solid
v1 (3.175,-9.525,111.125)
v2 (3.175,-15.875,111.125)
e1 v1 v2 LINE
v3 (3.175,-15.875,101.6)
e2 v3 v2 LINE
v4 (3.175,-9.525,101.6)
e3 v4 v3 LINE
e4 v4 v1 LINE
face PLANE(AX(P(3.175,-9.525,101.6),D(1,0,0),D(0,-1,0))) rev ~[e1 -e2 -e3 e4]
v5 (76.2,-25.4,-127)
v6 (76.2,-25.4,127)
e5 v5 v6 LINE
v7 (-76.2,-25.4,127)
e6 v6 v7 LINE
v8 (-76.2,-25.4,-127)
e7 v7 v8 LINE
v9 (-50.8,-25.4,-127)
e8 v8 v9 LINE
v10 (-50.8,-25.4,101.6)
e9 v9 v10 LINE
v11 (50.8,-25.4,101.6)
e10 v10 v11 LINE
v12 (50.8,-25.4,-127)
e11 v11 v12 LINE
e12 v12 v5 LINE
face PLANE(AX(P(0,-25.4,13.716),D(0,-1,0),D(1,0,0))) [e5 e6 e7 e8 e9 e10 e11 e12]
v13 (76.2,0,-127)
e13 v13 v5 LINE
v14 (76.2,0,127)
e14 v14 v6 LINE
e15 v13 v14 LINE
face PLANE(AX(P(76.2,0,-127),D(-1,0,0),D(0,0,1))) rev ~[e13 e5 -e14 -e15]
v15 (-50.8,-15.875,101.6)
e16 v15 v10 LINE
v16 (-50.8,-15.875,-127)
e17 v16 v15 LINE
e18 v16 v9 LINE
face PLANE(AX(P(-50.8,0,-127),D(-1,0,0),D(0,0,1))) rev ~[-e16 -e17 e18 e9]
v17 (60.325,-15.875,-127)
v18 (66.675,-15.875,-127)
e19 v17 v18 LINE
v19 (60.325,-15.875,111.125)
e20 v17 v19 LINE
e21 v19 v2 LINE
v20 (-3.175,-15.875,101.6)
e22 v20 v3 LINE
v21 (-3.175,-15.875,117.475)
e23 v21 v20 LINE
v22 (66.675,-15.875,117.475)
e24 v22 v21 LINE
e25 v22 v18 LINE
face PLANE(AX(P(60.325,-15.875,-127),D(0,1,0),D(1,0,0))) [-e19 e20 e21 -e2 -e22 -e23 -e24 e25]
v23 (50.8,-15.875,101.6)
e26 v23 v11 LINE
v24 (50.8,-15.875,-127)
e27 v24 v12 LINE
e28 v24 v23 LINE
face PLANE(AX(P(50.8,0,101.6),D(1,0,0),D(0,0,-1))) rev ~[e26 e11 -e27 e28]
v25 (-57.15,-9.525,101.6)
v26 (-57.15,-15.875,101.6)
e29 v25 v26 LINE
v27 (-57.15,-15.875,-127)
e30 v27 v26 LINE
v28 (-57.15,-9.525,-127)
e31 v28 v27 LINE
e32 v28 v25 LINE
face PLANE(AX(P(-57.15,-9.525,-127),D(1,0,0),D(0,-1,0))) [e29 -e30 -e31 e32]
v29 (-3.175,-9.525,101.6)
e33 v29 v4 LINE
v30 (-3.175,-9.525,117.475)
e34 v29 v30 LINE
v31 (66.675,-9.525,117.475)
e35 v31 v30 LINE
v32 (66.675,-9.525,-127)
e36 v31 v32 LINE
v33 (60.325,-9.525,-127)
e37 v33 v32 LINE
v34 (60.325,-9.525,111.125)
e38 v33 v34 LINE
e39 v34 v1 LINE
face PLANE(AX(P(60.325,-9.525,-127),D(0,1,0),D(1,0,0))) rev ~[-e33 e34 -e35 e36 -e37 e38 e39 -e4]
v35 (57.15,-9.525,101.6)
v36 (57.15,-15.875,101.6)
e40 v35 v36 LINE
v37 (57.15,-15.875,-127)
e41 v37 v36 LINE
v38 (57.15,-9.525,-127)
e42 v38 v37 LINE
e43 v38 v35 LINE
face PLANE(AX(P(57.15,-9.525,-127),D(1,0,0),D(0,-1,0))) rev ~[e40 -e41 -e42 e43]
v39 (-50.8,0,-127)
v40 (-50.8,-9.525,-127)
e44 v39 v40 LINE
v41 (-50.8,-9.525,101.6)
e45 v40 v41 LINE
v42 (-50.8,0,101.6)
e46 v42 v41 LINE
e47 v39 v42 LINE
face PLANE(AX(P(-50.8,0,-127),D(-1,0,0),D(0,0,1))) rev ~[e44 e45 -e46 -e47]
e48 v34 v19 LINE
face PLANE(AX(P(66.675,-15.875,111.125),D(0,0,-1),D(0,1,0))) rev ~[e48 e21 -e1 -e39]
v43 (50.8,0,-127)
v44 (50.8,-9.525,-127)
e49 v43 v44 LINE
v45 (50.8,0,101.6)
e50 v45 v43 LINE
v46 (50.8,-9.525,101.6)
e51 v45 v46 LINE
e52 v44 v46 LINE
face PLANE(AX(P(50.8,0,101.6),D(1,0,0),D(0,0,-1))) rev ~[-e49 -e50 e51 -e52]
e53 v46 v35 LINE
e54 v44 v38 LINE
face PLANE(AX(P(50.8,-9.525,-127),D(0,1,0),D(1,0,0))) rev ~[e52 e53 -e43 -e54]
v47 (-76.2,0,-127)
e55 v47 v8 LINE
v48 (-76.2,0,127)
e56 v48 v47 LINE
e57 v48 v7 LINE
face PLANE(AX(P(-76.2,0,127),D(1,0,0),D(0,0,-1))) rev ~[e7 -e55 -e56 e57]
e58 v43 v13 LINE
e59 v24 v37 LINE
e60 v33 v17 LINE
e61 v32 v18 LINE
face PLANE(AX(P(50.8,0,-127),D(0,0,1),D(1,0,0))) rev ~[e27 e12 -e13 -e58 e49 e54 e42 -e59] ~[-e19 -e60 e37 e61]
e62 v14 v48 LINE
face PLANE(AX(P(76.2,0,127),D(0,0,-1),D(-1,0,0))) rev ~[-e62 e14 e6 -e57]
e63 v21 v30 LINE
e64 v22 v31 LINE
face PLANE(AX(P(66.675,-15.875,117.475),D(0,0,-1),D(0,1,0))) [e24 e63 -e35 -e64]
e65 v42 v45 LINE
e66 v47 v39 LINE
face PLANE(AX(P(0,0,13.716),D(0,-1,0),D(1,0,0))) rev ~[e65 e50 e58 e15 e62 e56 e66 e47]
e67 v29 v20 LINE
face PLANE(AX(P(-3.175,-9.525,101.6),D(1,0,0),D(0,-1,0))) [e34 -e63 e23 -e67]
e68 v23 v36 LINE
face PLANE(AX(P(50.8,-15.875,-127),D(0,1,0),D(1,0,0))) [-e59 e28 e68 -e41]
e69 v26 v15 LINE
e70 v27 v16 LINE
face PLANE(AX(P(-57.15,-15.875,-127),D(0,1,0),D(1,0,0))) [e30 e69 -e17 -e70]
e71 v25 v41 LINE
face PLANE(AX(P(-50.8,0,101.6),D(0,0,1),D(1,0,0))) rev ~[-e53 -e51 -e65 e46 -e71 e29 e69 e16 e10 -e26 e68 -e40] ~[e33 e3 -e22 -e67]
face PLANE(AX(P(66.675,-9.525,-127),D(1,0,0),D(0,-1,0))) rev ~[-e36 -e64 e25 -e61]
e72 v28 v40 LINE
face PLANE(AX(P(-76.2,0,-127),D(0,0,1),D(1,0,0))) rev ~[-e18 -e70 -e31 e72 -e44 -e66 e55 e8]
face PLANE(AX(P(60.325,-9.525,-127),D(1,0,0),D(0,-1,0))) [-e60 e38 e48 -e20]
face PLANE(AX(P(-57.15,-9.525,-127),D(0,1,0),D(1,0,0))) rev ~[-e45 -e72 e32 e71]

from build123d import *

# Parameters (mm, degrees)
F1_DEPTH  = 25.4
F3_W      = 6.35
F3_H      = 6.35
F4_W      = 6.35
F4_H      = 6.35
F5_DEPTH  = 228.6
F2_W      = 6.35
F2_H      = 6.35
F6_DEPTH  = 9.525
F8_START  = -9.525
F7_W      = 6.35
F7_H      = 6.35
F8_DEPTH  = 69.85
F9_W      = 6.35
F9_H      = 6.35
F10_DEPTH = 238.125


with BuildPart() as f1:
    # F0 (on Front) → F1 (new body)
    with BuildSketch(Plane.XZ):
        Polygon((76.2, -127), (76.2, 127), (-76.2, 127), (-76.2, -127), (-50.8, -127), (-50.8, -101.6), (-50.8, 101.6), (50.8, 101.6), (50.8, -101.6), (50.8, -127), align=None)
    extrude(amount=F1_DEPTH)

    # F3 (on face) + F4 (on face) → F5 (cut)
    with BuildSketch(Plane(origin=(0, 0, -127), x_dir=(1, 0, 0), z_dir=(0, 0, -1))):
        with Locations((-53.975, 12.7)):
            Rectangle(F3_W, F3_H)
    with BuildSketch(Plane(origin=(0, 0, -127), x_dir=(1, 0, 0), z_dir=(0, 0, -1))):
        with Locations((53.975, 12.7)):
            Rectangle(F4_W, F4_H)
    extrude(amount=-F5_DEPTH, mode=Mode.SUBTRACT)

    # F2 (on face) → F6 (cut)
    with BuildSketch(Plane(origin=(0, 0, 101.6), x_dir=(1, 0, 0), z_dir=(0, 0, -1))):
        with Locations((0, 12.7)):
            Rectangle(F2_W, F2_H)
    extrude(amount=-F6_DEPTH, mode=Mode.SUBTRACT)

    # F7 (on face) → F8 (cut)
    with BuildSketch(Plane.YZ.offset(76.2).offset(F8_START)):
        with Locations((-12.7, 114.3)):
            Rectangle(F7_W, F7_H)
    extrude(amount=-F8_DEPTH, mode=Mode.SUBTRACT)

    # F9 (on face) → F10 (cut)
    with BuildSketch(Plane(origin=(0, 0, -127), x_dir=(1, 0, 0), z_dir=(0, 0, -1))):
        with Locations((63.5, 12.7)):
            Rectangle(F9_W, F9_H)
    extrude(amount=-F10_DEPTH, mode=Mode.SUBTRACT)


solid = f1.part
